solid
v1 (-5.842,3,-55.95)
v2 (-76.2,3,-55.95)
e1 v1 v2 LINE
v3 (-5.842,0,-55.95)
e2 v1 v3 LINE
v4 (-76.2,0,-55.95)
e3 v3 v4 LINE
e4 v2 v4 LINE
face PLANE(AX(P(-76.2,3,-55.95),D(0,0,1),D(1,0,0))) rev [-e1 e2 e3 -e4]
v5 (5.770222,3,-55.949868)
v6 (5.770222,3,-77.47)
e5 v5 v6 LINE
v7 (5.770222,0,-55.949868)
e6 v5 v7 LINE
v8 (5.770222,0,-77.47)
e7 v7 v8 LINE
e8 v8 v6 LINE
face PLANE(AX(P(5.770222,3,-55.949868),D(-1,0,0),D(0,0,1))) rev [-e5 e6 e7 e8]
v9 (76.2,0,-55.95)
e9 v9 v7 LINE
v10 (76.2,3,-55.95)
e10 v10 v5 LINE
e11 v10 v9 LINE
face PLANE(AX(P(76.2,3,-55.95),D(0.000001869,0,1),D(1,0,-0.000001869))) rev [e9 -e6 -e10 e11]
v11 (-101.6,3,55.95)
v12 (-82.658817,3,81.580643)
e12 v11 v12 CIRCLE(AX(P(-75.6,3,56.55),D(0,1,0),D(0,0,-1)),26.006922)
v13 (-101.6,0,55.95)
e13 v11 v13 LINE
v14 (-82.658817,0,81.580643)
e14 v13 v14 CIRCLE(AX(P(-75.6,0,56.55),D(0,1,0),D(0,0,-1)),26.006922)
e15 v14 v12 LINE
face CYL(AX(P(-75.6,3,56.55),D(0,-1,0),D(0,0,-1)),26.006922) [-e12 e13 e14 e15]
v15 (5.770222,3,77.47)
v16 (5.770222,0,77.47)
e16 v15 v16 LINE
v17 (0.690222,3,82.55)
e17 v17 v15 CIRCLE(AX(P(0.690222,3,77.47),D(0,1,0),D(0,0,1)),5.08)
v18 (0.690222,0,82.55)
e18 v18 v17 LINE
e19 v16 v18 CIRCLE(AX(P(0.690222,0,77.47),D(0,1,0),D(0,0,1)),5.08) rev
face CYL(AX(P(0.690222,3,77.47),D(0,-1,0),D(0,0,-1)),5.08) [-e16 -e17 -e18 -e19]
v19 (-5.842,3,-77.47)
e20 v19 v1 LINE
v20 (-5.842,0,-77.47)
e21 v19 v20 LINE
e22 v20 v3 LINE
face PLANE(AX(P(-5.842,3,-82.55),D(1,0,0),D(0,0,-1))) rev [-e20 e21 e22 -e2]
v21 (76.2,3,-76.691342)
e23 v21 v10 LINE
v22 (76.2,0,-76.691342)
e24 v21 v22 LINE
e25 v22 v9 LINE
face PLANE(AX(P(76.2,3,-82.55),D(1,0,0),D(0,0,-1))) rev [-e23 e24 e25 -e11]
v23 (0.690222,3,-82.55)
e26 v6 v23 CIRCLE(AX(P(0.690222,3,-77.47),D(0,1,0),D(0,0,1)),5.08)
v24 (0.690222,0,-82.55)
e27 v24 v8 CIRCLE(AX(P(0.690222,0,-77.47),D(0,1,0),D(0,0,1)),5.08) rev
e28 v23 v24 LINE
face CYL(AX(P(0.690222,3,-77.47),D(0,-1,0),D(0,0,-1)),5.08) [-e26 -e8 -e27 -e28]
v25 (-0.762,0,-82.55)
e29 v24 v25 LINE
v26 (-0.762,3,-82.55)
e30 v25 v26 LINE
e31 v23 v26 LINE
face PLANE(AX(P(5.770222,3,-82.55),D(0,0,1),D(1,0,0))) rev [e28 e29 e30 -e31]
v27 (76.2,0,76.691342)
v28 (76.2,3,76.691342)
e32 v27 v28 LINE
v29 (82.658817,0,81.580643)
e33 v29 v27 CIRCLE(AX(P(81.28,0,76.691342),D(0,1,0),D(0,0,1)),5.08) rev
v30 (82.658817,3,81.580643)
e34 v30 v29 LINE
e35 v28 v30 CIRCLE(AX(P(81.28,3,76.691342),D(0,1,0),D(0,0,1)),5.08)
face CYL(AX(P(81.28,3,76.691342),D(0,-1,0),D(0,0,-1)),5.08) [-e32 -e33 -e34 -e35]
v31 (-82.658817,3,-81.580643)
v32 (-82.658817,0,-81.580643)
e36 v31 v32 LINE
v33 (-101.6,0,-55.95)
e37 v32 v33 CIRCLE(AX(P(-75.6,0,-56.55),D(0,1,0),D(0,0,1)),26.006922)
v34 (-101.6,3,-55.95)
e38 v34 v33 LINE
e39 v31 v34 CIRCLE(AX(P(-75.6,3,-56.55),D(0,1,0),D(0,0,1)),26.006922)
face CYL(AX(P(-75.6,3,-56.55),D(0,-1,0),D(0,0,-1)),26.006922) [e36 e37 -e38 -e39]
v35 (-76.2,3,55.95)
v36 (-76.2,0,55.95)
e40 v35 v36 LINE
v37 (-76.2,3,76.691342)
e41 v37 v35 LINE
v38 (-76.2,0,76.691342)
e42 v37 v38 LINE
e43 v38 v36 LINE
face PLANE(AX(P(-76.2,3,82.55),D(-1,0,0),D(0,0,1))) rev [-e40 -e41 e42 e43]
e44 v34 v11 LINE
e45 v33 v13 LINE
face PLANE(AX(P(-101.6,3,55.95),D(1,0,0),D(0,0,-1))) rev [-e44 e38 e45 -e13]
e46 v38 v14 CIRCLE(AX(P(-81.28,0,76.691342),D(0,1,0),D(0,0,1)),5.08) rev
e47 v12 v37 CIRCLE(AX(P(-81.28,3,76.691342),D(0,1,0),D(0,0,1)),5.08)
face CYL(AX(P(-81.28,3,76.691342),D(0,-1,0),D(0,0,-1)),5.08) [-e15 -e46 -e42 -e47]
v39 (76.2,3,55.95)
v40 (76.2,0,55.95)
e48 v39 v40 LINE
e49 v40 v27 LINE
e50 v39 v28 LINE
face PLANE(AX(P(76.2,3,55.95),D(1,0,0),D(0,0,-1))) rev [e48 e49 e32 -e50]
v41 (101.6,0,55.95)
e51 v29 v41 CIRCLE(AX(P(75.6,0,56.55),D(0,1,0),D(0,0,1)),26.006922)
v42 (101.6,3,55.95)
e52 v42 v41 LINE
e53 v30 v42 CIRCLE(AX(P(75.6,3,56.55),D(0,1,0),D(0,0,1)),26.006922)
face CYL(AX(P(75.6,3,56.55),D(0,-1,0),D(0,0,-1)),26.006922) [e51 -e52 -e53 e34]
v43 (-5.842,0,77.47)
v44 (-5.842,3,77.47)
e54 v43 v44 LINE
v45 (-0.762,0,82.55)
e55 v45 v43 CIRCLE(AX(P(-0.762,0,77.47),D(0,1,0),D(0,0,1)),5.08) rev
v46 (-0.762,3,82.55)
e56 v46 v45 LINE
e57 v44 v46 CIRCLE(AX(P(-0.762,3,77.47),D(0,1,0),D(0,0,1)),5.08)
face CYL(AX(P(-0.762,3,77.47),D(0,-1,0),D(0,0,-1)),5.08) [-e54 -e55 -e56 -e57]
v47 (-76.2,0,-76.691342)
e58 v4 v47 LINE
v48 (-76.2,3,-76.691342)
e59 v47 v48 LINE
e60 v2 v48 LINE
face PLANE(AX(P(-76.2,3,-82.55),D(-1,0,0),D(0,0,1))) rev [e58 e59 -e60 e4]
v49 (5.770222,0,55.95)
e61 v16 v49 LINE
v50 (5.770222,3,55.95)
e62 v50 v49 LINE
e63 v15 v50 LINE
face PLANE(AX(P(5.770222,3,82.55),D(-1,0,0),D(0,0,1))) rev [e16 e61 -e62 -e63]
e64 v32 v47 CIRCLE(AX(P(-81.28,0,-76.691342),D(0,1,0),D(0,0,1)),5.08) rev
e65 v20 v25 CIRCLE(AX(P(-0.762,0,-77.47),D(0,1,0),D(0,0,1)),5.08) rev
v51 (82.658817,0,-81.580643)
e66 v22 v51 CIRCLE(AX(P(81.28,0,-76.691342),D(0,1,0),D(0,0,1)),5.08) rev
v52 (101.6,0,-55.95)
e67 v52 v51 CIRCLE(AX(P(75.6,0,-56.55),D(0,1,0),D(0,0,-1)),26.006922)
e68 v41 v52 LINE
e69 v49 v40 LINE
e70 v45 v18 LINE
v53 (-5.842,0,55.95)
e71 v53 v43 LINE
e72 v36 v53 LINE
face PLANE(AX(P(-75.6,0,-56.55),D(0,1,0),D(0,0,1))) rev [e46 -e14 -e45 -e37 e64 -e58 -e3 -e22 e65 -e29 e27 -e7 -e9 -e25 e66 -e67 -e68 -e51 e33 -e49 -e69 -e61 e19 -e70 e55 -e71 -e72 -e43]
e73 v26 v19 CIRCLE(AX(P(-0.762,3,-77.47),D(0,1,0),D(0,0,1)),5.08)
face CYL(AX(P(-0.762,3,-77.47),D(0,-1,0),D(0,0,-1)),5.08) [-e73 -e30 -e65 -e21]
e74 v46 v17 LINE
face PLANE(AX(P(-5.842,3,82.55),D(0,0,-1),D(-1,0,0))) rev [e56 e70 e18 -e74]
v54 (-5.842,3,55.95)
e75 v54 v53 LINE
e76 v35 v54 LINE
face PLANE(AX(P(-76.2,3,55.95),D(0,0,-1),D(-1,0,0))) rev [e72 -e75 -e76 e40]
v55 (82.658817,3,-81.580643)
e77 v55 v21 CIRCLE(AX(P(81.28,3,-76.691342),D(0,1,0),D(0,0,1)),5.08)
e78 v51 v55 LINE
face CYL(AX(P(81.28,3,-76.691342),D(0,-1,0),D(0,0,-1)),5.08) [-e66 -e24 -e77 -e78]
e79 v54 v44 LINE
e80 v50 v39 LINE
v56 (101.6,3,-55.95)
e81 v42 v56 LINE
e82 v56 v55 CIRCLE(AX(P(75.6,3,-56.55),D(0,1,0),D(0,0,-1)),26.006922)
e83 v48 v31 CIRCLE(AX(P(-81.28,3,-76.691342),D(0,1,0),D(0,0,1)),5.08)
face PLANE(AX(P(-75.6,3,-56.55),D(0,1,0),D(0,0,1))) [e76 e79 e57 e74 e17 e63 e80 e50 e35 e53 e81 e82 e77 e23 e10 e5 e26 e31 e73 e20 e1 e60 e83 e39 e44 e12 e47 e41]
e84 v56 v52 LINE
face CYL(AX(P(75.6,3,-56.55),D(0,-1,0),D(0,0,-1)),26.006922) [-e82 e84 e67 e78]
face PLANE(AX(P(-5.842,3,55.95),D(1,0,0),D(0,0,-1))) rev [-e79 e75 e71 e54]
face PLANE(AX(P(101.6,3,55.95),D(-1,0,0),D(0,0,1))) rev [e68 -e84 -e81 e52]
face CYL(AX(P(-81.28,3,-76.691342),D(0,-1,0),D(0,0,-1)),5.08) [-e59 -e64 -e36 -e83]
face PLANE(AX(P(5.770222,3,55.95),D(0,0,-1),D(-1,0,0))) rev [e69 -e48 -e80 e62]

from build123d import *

# Parameters (mm, degrees)
BOSS_EXTRUDE1_DEPTH = 3
FILLET1_R           = 5.08
FILLET2_R           = 5.08
FILLET3_R           = 5.08


with BuildPart() as part:
    # Sketch1 → Boss-Extrude1 (new body)
    with BuildSketch(Plane(origin=(0, 0, 0), x_dir=(1, 0, 0), z_dir=(0, 1, 0))):
        with BuildLine():
            Line((-76.2, 82.55), (-76.2, 55.95))
            Line((-76.2, 55.95), (-5.842, 55.95))
            Line((-5.842, 55.95), (-5.842, 82.55))
            Line((-5.842, 82.55), (5.770221656, 82.55))
            Line((5.770221656, 82.55), (5.770221656, 55.949868395))
            Line((5.770221656, 55.949868395), (76.2, 55.95))
            Line((76.2, 55.95), (76.2, 82.55))
            ThreePointArc((76.2, 82.55), (94.40904038, 74.510512242), (101.6, 55.95))
            Line((101.6, 55.95), (101.6, -55.95))
            ThreePointArc((101.6, -55.95), (94.40904038, -74.510512242), (76.2, -82.55))
            Line((76.2, -82.55), (76.2, -55.95))
            Line((76.2, -55.95), (5.770221656, -55.95))
            Line((5.770221656, -55.95), (5.770221656, -82.55))
            Line((5.770221656, -82.55), (-5.842, -82.55))
            Line((-5.842, -82.55), (-5.842, -55.95))
            Line((-5.842, -55.95), (-76.2, -55.95))
            Line((-76.2, -55.95), (-76.2, -82.55))
            ThreePointArc((-76.2, -82.55), (-94.40904038, -74.510512242), (-101.6, -55.95))
            Line((-101.6, -55.95), (-101.6, 55.95))
            ThreePointArc((-101.6, 55.95), (-94.40904038, 74.510512242), (-76.2, 82.55))
        make_face()
    extrude(amount=BOSS_EXTRUDE1_DEPTH)

    # Fillet1
    fillet1_edges = [part.edges().sort_by_distance(p)[0] for p in [
        (5.770221656, 1.5, 82.55),
        (-5.842, 1.5, 82.55),
    ]]
    fillet(fillet1_edges, radius=FILLET1_R)

    # Fillet2
    fillet2_edges = [part.edges().sort_by_distance(p)[0] for p in [
        (-5.842, 1.5, -82.55),
        (5.770221656, 1.5, -82.55),
    ]]
    fillet(fillet2_edges, radius=FILLET2_R)

    # Fillet3
    fillet3_edges = [part.edges().sort_by_distance(p)[0] for p in [
        (-76.2, 1.5, -82.55),
        (76.2, 1.5, -82.55),
        (76.2, 1.5, 82.55),
        (-76.2, 1.5, 82.55),
    ]]
    fillet(fillet3_edges, radius=FILLET3_R)


solid = part.part
